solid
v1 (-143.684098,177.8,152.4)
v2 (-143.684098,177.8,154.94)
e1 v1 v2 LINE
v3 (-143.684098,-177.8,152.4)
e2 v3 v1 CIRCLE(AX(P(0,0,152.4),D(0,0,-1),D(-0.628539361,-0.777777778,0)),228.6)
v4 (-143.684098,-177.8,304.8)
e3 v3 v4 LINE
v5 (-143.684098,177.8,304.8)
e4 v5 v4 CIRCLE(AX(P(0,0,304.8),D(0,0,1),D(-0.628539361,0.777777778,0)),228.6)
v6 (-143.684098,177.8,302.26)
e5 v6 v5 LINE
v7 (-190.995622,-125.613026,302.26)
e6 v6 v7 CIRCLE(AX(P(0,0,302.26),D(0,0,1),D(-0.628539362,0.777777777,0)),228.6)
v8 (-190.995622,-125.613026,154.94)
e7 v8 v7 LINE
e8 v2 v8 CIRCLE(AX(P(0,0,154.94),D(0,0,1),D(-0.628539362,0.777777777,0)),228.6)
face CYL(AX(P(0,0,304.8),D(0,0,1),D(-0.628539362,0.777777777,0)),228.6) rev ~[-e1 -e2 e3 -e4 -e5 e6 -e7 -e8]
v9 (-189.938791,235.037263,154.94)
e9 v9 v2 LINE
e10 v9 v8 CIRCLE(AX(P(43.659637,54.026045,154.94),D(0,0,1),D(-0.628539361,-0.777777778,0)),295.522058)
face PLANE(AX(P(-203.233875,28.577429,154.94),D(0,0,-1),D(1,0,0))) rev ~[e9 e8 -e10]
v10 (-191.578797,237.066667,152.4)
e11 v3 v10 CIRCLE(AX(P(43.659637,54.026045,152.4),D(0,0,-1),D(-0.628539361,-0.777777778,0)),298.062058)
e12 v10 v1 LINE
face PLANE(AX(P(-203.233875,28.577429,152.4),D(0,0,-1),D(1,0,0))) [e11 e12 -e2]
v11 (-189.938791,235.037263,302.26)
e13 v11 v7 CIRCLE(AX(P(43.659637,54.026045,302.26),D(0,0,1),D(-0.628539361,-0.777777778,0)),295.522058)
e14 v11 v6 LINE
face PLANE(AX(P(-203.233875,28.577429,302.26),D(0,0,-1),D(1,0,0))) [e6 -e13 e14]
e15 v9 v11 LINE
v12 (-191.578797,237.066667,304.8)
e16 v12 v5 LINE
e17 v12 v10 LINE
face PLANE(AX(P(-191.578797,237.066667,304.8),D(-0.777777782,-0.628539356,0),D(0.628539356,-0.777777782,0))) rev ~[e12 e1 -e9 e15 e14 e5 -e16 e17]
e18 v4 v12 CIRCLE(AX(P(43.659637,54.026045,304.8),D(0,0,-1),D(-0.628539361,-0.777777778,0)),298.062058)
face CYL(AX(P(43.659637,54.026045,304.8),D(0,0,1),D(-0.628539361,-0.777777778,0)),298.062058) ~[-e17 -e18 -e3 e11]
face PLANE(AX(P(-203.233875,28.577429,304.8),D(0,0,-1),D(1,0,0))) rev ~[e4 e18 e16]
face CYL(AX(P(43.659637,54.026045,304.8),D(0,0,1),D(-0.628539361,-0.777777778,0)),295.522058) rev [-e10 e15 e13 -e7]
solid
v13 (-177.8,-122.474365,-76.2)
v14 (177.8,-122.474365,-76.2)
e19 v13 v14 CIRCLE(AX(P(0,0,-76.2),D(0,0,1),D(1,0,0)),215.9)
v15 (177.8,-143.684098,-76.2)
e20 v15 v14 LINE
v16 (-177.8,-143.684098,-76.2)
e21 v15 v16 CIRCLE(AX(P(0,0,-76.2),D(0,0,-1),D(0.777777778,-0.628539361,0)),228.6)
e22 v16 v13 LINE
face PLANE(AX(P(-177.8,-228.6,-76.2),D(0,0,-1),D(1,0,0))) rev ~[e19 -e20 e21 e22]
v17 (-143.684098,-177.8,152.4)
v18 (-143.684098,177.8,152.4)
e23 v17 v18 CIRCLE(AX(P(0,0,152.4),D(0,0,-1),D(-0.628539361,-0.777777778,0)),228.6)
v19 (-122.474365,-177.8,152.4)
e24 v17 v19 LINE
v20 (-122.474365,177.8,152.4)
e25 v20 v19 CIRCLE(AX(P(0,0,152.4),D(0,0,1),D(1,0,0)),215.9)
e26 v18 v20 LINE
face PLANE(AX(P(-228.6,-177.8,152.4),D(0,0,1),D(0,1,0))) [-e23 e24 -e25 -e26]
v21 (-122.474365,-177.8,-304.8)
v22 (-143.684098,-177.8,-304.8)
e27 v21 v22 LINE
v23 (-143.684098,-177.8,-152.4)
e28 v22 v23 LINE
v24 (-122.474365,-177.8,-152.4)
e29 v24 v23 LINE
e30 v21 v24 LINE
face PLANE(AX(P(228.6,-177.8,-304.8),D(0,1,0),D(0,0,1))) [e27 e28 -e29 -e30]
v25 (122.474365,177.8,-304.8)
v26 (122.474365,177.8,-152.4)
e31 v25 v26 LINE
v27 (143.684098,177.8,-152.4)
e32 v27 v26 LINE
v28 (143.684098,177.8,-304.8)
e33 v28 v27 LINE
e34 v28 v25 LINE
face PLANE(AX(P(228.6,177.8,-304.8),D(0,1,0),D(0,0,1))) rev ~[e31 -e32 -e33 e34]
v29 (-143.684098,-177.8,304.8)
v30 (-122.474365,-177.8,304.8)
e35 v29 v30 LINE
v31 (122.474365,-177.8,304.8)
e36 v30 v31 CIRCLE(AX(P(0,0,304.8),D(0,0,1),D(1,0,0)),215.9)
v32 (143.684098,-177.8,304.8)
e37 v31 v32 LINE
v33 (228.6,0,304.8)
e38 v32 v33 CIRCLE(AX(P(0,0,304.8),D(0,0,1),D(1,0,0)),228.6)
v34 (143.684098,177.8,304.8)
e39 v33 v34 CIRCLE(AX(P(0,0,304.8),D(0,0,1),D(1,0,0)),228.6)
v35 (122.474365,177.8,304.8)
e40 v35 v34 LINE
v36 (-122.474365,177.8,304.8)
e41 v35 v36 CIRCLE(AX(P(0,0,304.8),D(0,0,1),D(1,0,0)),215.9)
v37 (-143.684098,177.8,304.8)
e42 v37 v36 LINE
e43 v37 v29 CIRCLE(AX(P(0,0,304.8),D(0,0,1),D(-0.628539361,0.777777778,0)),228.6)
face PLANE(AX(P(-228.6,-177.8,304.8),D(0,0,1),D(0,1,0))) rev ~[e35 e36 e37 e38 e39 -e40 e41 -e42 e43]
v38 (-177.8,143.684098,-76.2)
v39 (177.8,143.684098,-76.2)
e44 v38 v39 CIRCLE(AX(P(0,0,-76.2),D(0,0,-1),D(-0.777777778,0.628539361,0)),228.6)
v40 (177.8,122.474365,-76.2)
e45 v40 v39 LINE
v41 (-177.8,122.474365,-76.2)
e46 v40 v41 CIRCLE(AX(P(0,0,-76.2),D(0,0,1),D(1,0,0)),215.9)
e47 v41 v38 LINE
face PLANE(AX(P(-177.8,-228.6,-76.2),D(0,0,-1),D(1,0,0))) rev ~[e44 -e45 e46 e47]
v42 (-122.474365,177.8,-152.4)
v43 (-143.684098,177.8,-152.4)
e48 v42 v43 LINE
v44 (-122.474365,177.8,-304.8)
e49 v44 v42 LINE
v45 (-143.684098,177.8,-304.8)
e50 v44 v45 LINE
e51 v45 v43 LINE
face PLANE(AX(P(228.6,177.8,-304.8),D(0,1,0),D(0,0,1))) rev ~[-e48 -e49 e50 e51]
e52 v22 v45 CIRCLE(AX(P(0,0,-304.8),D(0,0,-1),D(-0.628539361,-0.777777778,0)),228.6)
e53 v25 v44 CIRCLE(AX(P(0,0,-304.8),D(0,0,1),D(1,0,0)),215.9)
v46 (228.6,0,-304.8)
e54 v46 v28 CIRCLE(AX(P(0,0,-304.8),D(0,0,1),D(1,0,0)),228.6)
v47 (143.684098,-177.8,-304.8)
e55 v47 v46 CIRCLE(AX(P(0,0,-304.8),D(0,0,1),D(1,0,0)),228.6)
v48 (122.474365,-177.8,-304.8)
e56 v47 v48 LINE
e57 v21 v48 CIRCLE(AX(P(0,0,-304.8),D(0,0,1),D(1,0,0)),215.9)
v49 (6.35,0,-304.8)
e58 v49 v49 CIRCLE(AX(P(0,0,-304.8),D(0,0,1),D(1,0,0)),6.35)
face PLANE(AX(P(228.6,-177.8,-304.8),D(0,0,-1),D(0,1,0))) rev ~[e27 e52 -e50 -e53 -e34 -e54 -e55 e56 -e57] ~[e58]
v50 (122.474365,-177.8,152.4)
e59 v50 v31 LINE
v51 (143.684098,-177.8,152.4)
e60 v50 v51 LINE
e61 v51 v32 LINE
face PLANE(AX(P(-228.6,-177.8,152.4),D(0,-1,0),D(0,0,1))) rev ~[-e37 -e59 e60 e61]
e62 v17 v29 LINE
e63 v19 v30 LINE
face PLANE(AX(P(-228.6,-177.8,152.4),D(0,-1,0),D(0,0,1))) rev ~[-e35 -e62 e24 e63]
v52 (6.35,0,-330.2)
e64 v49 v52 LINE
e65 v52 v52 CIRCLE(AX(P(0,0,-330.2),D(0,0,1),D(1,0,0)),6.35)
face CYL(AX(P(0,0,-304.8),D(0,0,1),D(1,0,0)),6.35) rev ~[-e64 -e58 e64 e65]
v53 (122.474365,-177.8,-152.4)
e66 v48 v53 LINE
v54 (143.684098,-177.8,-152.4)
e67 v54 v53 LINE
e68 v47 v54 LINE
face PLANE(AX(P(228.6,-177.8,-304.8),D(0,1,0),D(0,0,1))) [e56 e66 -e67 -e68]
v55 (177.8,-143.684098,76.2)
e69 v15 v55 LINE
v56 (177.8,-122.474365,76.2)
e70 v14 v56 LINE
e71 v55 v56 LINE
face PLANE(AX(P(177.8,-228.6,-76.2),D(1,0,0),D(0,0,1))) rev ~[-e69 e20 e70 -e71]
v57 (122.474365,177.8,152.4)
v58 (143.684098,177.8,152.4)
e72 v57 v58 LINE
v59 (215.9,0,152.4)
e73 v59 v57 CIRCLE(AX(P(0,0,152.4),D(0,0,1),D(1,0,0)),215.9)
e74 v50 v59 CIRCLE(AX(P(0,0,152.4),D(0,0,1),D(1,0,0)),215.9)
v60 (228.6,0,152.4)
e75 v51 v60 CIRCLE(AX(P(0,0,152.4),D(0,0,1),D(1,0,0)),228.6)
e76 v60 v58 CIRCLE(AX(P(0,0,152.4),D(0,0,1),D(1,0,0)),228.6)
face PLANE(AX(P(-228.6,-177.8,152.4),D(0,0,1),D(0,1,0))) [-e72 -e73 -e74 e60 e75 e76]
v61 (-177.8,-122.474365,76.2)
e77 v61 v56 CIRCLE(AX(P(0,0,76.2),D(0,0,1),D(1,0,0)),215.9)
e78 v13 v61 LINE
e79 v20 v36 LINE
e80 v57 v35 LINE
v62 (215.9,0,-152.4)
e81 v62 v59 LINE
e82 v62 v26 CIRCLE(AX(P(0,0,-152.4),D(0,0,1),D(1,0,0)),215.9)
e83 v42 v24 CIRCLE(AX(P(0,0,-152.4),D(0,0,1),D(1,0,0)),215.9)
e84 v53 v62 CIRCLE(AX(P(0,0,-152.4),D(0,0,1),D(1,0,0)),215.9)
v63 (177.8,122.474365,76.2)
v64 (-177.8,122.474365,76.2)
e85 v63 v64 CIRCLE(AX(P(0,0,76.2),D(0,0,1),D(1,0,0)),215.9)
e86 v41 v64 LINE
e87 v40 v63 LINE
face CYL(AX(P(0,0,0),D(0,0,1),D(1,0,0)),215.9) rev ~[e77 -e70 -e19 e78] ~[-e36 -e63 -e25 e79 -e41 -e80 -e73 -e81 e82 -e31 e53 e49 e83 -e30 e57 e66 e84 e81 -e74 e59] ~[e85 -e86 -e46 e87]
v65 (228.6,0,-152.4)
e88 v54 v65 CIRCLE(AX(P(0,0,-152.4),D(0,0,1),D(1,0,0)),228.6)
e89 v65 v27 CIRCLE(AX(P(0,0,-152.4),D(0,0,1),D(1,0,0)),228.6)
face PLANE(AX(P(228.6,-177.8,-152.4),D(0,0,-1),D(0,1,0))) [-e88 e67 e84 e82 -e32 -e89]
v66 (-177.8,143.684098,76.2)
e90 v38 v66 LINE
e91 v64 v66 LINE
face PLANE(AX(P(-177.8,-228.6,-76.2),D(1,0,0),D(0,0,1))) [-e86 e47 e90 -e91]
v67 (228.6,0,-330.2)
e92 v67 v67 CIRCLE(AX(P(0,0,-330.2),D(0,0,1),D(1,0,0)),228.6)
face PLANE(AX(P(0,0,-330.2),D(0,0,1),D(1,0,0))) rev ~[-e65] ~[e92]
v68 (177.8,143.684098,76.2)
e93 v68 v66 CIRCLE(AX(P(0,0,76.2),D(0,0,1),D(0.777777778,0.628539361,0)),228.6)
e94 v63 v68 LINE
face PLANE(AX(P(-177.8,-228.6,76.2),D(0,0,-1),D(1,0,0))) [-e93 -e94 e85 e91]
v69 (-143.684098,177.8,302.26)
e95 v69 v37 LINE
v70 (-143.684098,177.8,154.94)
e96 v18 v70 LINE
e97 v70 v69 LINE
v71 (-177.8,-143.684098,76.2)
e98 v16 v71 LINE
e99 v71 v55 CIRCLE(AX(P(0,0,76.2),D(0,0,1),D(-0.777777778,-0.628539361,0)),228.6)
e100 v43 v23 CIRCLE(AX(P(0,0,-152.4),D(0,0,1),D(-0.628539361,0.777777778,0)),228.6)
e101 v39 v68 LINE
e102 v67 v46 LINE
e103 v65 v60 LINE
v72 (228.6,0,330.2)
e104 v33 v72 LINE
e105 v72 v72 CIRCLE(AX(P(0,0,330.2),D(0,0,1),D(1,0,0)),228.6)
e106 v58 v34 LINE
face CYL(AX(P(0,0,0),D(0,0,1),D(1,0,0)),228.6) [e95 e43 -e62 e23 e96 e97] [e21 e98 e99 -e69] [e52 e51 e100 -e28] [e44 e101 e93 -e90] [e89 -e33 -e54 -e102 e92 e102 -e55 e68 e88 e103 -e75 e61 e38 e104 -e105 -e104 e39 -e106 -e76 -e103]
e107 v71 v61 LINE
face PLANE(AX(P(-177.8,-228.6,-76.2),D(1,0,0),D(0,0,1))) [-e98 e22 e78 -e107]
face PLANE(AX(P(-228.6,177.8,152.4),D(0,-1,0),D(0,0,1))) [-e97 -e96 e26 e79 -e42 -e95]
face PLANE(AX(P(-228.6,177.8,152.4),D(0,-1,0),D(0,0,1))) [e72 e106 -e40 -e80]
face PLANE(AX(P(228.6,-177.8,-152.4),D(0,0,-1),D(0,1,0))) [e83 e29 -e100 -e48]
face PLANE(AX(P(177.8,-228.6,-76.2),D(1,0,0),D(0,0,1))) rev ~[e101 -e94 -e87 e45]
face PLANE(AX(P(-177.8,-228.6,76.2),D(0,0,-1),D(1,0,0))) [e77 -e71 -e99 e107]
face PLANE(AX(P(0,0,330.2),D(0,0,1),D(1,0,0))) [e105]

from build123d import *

# Parameters (mm, degrees)
F0_R          = 228.6
F1_DEPTH      = 330.2
F1_DEPTH_BACK = 330.2
F2_T          = -12.7
F6_W          = 355.6
F6_H          = 152.4
F7_DEPTH      = 457.2
F8_W          = 355.6
F8_H          = 152.4
F9_DEPTH      = 457.2
F10_W         = 355.6
F10_H         = 152.4
F11_DEPTH     = 457.2
F13_DEPTH     = 152.4
F14_T         = -2.54
F15_R         = 228.6
F16_DEPTH     = 25.4
F17_R         = 228.6
F18_DEPTH     = 25.4
F19_R         = 6.35
F20_DEPTH     = 25.401


with BuildPart() as f1:
    # F0 (on Top) → F1 (new body, two sides)
    with BuildSketch(Plane.XY) as f1_sk:
        Circle(F0_R)
    extrude(amount=F1_DEPTH)
    extrude(f1_sk.sketch, amount=-F1_DEPTH_BACK)

    # F2
    f2_openings = [f1.faces().sort_by_distance(p)[0] for p in [
        (0, 0, 330.2),
        (0, 0, -330.2),
    ]]
    offset(amount=F2_T, openings=f2_openings)

    # F6 (on offset) → F7 (cut)
    with BuildSketch(Plane.YZ.offset(228.6)):
        with Locations((0, -228.6)):
            Rectangle(F6_W, F6_H)
    extrude(amount=-F7_DEPTH, mode=Mode.SUBTRACT)

    # F8 (on offset) → F9 (cut)
    with BuildSketch(Plane.YZ.offset(-228.6)):
        with Locations((0, 228.6)):
            Rectangle(F8_W, F8_H)
    extrude(amount=F9_DEPTH, mode=Mode.SUBTRACT)

    # F10 (on offset) → F11 (cut)
    with BuildSketch(Plane.XZ.offset(228.6)):
        Rectangle(F10_W, F10_H)
    extrude(amount=-F11_DEPTH, mode=Mode.SUBTRACT)



with BuildPart() as f13:
    # F12 (on face) → F13 (new body)
    with BuildSketch(Plane(origin=(0, 0, 304.8), x_dir=(1, 0, 0), z_dir=(0, 0, -1))):
        with BuildLine():
            Line((-191.578797, -237.066667), (-143.684098, -177.8))
            ThreePointArc((-143.684098, -177.8), (-228.6, 0), (-143.684098, 177.8))
            ThreePointArc((-143.684098, 177.8), (-252.435804, -19.843009), (-191.578797, -237.066667))
        make_face()
    extrude(amount=F13_DEPTH)

    # F14
    f14_openings = [f13.faces().sort_by_distance(p)[0] for p in [
        (-167.631448, 207.433333, 228.6),
        (-228.6, 0, 228.6),
    ]]
    offset(amount=F14_T, openings=f14_openings)


with BuildPart() as f1_1:
    add(f1.part)

    add(f13.part)  # F16 merges F13
    # F15 (on face) → F16 (join)
    with BuildSketch(Plane.XY.offset(330.2)):
        Circle(F15_R)
    extrude(amount=-F16_DEPTH)

    # F17 (on face) → F18 (join)
    with BuildSketch(Plane(origin=(0, 0, -330.2), x_dir=(1, 0, 0), z_dir=(0, 0, -1))):
        Circle(F17_R)
    extrude(amount=-F18_DEPTH)

    # F19 (on face) → F20 (cut, through all)
    with BuildSketch(Plane.XY.offset(-304.8)):
        Circle(F19_R)
    extrude(amount=-F20_DEPTH, mode=Mode.SUBTRACT)


solid = f1_1.part
